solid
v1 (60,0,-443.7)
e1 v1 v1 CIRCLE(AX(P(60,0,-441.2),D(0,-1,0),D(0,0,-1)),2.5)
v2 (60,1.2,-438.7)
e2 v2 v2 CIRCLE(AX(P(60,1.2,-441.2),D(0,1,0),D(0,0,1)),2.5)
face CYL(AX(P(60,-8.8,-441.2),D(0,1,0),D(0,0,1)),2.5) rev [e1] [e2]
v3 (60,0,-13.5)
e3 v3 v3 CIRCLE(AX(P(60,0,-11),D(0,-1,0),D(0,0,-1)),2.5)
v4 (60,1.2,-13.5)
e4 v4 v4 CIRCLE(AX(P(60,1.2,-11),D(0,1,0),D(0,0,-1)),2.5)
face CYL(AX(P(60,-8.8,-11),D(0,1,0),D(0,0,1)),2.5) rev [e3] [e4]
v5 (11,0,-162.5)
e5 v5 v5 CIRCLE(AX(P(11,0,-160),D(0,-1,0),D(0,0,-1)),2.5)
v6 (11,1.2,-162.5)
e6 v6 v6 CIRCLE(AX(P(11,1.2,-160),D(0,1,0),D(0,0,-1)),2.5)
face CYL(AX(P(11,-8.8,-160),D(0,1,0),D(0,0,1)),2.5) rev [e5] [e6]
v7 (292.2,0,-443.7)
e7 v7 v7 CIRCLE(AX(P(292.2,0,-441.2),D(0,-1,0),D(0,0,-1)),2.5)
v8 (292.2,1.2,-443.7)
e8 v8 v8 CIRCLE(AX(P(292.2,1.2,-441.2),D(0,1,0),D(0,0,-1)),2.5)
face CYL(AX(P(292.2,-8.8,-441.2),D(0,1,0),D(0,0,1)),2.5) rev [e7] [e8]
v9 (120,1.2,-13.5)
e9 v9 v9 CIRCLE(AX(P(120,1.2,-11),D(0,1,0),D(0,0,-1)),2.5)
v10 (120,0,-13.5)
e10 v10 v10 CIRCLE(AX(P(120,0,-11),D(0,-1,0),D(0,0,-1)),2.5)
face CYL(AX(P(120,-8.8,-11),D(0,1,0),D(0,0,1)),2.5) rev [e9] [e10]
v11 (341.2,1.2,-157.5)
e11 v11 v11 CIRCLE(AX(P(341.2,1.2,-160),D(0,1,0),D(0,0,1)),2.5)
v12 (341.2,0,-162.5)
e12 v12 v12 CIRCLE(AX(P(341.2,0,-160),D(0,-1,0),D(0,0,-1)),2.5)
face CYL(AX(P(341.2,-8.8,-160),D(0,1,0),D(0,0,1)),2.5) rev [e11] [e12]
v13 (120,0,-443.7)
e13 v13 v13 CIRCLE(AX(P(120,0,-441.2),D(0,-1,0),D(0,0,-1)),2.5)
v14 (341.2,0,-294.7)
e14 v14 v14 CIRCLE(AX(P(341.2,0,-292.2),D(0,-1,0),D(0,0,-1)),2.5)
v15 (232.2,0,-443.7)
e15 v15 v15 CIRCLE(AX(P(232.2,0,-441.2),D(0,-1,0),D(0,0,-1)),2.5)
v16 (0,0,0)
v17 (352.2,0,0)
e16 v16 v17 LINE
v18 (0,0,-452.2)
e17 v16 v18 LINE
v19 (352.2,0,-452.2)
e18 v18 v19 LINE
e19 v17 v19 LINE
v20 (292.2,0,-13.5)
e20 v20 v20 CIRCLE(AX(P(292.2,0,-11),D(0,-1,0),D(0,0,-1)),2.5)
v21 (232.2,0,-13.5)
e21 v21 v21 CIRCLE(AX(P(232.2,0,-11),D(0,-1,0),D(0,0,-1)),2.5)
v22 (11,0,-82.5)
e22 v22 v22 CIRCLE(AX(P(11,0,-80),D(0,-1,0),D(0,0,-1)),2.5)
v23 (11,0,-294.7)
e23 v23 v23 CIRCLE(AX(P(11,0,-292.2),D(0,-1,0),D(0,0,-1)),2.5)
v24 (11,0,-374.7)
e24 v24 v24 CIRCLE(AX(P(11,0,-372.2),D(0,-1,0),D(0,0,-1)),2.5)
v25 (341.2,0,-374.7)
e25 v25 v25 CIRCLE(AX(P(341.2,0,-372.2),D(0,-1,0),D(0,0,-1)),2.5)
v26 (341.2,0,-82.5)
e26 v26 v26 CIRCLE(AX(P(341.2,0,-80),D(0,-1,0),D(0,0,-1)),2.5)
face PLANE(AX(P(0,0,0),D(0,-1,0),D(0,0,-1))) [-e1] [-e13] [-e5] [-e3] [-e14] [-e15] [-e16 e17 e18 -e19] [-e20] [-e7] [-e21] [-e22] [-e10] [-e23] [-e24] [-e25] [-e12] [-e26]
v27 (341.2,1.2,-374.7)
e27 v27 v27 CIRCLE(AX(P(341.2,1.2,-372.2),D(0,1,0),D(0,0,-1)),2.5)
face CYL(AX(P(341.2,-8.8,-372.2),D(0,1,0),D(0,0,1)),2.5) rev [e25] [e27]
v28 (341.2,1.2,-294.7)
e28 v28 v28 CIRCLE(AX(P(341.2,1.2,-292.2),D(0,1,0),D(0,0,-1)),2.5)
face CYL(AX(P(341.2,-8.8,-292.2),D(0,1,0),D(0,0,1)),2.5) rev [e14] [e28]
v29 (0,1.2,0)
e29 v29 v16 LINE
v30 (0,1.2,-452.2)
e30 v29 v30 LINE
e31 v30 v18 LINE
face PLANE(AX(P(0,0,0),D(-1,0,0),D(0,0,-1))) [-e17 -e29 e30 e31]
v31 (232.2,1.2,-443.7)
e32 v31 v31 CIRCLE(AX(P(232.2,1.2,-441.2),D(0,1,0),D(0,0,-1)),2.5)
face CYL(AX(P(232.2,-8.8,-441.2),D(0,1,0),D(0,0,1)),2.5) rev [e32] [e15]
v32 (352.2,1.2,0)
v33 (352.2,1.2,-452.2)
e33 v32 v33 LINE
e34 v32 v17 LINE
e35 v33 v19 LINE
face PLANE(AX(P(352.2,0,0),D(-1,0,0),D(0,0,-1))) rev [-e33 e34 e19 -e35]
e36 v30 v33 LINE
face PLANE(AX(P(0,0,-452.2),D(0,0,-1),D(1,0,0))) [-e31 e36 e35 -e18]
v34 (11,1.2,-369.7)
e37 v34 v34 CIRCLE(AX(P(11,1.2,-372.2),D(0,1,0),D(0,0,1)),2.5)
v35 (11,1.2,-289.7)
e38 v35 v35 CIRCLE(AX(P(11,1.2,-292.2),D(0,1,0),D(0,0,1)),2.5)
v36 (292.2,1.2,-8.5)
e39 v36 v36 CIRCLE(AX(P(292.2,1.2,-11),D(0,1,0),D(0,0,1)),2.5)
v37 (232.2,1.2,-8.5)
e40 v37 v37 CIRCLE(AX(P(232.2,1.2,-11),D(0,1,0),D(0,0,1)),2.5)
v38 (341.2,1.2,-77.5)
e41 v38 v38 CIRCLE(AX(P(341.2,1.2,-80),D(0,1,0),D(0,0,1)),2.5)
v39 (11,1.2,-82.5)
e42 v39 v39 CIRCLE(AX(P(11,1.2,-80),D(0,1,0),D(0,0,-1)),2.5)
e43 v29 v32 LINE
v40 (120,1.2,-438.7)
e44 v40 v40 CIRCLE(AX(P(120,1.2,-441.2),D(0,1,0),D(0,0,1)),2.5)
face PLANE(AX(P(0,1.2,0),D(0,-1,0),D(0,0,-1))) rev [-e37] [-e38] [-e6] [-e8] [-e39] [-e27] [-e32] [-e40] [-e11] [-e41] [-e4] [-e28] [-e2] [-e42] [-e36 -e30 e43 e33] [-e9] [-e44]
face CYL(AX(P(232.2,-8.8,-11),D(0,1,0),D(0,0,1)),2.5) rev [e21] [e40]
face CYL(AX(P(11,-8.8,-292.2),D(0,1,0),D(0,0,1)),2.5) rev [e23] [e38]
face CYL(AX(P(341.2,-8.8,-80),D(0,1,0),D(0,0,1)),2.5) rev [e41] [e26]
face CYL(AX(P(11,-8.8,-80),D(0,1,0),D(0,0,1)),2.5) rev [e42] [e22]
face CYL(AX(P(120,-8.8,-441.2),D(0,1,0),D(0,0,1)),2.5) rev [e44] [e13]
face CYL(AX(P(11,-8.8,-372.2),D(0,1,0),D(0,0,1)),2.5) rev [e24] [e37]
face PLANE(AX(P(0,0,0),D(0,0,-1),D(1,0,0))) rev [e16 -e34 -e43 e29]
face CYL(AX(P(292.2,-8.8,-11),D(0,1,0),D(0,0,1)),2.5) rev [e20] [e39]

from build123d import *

# Parameters (mm, degrees)
SURFACE_EXTRUDE1_1_DEPTH = 352.2
THICKEN1_T1              = 1.2
SKETCH2_R                = 2.5
CUT_EXTRUDE1_DEPTH       = 10


with BuildPart() as body_1:
    # Surface-Extrude1: a surface, the sketch's curves swept straight by 352.2 mm
    with BuildLine(Plane(origin=(0, 0, 0), x_dir=(0, 0, -1), z_dir=(1, 0, 0)), mode=Mode.PRIVATE) as surface_extrude1_1_path:
        Line((0, 0), (452.2, 0))
    surface_extrude1_1 = Shell.extrude(surface_extrude1_1_path.wire(), (1 * SURFACE_EXTRUDE1_1_DEPTH, 0 * SURFACE_EXTRUDE1_1_DEPTH, 0 * SURFACE_EXTRUDE1_1_DEPTH))
    add(Solid.thicken(surface_extrude1_1, THICKEN1_T1))

    # Sketch2 → Cut-Extrude1 (cut)
    with BuildSketch(Plane(origin=(0, 1.2, 0), x_dir=(1, 0, 0), z_dir=(0, 1, 0))):
        with Locations(Location((60, 441.2, 0), (0, 0, 270))):
            Circle(SKETCH2_R)
        with Locations(Location((120, 441.2, 0), (0, 0, 270))):
            Circle(SKETCH2_R)
        with Locations(Location((11, 372.2, 0), (0, 0, 270))):
            Circle(SKETCH2_R)
        with Locations(Location((11, 292.2, 0), (0, 0, 270))):
            Circle(SKETCH2_R)
        with Locations(Location((341.2, 292.2, 0), (0, 0, 90))):
            Circle(SKETCH2_R)
        with Locations(Location((341.2, 372.2, 0), (0, 0, 90))):
            Circle(SKETCH2_R)
        with Locations(Location((292.2, 441.2, 0), (0, 0, 90))):
            Circle(SKETCH2_R)
        with Locations(Location((232.2, 441.2, 0), (0, 0, 90))):
            Circle(SKETCH2_R)
        with Locations(Location((11, 160, 0), (0, 0, 90))):
            Circle(SKETCH2_R)
        with Locations(Location((11, 80, 0), (0, 0, 90))):
            Circle(SKETCH2_R)
        with Locations(Location((60, 11, 0), (0, 0, 90))):
            Circle(SKETCH2_R)
        with Locations(Location((120, 11, 0), (0, 0, 90))):
            Circle(SKETCH2_R)
        with Locations(Location((232.2, 11, 0), (0, 0, 270))):
            Circle(SKETCH2_R)
        with Locations(Location((292.2, 11, 0), (0, 0, 270))):
            Circle(SKETCH2_R)
        with Locations(Location((341.2, 80, 0), (0, 0, 270))):
            Circle(SKETCH2_R)
        with Locations(Location((341.2, 160, 0), (0, 0, 270))):
            Circle(SKETCH2_R)
    extrude(amount=-CUT_EXTRUDE1_DEPTH, mode=Mode.SUBTRACT)


solid = body_1.part
